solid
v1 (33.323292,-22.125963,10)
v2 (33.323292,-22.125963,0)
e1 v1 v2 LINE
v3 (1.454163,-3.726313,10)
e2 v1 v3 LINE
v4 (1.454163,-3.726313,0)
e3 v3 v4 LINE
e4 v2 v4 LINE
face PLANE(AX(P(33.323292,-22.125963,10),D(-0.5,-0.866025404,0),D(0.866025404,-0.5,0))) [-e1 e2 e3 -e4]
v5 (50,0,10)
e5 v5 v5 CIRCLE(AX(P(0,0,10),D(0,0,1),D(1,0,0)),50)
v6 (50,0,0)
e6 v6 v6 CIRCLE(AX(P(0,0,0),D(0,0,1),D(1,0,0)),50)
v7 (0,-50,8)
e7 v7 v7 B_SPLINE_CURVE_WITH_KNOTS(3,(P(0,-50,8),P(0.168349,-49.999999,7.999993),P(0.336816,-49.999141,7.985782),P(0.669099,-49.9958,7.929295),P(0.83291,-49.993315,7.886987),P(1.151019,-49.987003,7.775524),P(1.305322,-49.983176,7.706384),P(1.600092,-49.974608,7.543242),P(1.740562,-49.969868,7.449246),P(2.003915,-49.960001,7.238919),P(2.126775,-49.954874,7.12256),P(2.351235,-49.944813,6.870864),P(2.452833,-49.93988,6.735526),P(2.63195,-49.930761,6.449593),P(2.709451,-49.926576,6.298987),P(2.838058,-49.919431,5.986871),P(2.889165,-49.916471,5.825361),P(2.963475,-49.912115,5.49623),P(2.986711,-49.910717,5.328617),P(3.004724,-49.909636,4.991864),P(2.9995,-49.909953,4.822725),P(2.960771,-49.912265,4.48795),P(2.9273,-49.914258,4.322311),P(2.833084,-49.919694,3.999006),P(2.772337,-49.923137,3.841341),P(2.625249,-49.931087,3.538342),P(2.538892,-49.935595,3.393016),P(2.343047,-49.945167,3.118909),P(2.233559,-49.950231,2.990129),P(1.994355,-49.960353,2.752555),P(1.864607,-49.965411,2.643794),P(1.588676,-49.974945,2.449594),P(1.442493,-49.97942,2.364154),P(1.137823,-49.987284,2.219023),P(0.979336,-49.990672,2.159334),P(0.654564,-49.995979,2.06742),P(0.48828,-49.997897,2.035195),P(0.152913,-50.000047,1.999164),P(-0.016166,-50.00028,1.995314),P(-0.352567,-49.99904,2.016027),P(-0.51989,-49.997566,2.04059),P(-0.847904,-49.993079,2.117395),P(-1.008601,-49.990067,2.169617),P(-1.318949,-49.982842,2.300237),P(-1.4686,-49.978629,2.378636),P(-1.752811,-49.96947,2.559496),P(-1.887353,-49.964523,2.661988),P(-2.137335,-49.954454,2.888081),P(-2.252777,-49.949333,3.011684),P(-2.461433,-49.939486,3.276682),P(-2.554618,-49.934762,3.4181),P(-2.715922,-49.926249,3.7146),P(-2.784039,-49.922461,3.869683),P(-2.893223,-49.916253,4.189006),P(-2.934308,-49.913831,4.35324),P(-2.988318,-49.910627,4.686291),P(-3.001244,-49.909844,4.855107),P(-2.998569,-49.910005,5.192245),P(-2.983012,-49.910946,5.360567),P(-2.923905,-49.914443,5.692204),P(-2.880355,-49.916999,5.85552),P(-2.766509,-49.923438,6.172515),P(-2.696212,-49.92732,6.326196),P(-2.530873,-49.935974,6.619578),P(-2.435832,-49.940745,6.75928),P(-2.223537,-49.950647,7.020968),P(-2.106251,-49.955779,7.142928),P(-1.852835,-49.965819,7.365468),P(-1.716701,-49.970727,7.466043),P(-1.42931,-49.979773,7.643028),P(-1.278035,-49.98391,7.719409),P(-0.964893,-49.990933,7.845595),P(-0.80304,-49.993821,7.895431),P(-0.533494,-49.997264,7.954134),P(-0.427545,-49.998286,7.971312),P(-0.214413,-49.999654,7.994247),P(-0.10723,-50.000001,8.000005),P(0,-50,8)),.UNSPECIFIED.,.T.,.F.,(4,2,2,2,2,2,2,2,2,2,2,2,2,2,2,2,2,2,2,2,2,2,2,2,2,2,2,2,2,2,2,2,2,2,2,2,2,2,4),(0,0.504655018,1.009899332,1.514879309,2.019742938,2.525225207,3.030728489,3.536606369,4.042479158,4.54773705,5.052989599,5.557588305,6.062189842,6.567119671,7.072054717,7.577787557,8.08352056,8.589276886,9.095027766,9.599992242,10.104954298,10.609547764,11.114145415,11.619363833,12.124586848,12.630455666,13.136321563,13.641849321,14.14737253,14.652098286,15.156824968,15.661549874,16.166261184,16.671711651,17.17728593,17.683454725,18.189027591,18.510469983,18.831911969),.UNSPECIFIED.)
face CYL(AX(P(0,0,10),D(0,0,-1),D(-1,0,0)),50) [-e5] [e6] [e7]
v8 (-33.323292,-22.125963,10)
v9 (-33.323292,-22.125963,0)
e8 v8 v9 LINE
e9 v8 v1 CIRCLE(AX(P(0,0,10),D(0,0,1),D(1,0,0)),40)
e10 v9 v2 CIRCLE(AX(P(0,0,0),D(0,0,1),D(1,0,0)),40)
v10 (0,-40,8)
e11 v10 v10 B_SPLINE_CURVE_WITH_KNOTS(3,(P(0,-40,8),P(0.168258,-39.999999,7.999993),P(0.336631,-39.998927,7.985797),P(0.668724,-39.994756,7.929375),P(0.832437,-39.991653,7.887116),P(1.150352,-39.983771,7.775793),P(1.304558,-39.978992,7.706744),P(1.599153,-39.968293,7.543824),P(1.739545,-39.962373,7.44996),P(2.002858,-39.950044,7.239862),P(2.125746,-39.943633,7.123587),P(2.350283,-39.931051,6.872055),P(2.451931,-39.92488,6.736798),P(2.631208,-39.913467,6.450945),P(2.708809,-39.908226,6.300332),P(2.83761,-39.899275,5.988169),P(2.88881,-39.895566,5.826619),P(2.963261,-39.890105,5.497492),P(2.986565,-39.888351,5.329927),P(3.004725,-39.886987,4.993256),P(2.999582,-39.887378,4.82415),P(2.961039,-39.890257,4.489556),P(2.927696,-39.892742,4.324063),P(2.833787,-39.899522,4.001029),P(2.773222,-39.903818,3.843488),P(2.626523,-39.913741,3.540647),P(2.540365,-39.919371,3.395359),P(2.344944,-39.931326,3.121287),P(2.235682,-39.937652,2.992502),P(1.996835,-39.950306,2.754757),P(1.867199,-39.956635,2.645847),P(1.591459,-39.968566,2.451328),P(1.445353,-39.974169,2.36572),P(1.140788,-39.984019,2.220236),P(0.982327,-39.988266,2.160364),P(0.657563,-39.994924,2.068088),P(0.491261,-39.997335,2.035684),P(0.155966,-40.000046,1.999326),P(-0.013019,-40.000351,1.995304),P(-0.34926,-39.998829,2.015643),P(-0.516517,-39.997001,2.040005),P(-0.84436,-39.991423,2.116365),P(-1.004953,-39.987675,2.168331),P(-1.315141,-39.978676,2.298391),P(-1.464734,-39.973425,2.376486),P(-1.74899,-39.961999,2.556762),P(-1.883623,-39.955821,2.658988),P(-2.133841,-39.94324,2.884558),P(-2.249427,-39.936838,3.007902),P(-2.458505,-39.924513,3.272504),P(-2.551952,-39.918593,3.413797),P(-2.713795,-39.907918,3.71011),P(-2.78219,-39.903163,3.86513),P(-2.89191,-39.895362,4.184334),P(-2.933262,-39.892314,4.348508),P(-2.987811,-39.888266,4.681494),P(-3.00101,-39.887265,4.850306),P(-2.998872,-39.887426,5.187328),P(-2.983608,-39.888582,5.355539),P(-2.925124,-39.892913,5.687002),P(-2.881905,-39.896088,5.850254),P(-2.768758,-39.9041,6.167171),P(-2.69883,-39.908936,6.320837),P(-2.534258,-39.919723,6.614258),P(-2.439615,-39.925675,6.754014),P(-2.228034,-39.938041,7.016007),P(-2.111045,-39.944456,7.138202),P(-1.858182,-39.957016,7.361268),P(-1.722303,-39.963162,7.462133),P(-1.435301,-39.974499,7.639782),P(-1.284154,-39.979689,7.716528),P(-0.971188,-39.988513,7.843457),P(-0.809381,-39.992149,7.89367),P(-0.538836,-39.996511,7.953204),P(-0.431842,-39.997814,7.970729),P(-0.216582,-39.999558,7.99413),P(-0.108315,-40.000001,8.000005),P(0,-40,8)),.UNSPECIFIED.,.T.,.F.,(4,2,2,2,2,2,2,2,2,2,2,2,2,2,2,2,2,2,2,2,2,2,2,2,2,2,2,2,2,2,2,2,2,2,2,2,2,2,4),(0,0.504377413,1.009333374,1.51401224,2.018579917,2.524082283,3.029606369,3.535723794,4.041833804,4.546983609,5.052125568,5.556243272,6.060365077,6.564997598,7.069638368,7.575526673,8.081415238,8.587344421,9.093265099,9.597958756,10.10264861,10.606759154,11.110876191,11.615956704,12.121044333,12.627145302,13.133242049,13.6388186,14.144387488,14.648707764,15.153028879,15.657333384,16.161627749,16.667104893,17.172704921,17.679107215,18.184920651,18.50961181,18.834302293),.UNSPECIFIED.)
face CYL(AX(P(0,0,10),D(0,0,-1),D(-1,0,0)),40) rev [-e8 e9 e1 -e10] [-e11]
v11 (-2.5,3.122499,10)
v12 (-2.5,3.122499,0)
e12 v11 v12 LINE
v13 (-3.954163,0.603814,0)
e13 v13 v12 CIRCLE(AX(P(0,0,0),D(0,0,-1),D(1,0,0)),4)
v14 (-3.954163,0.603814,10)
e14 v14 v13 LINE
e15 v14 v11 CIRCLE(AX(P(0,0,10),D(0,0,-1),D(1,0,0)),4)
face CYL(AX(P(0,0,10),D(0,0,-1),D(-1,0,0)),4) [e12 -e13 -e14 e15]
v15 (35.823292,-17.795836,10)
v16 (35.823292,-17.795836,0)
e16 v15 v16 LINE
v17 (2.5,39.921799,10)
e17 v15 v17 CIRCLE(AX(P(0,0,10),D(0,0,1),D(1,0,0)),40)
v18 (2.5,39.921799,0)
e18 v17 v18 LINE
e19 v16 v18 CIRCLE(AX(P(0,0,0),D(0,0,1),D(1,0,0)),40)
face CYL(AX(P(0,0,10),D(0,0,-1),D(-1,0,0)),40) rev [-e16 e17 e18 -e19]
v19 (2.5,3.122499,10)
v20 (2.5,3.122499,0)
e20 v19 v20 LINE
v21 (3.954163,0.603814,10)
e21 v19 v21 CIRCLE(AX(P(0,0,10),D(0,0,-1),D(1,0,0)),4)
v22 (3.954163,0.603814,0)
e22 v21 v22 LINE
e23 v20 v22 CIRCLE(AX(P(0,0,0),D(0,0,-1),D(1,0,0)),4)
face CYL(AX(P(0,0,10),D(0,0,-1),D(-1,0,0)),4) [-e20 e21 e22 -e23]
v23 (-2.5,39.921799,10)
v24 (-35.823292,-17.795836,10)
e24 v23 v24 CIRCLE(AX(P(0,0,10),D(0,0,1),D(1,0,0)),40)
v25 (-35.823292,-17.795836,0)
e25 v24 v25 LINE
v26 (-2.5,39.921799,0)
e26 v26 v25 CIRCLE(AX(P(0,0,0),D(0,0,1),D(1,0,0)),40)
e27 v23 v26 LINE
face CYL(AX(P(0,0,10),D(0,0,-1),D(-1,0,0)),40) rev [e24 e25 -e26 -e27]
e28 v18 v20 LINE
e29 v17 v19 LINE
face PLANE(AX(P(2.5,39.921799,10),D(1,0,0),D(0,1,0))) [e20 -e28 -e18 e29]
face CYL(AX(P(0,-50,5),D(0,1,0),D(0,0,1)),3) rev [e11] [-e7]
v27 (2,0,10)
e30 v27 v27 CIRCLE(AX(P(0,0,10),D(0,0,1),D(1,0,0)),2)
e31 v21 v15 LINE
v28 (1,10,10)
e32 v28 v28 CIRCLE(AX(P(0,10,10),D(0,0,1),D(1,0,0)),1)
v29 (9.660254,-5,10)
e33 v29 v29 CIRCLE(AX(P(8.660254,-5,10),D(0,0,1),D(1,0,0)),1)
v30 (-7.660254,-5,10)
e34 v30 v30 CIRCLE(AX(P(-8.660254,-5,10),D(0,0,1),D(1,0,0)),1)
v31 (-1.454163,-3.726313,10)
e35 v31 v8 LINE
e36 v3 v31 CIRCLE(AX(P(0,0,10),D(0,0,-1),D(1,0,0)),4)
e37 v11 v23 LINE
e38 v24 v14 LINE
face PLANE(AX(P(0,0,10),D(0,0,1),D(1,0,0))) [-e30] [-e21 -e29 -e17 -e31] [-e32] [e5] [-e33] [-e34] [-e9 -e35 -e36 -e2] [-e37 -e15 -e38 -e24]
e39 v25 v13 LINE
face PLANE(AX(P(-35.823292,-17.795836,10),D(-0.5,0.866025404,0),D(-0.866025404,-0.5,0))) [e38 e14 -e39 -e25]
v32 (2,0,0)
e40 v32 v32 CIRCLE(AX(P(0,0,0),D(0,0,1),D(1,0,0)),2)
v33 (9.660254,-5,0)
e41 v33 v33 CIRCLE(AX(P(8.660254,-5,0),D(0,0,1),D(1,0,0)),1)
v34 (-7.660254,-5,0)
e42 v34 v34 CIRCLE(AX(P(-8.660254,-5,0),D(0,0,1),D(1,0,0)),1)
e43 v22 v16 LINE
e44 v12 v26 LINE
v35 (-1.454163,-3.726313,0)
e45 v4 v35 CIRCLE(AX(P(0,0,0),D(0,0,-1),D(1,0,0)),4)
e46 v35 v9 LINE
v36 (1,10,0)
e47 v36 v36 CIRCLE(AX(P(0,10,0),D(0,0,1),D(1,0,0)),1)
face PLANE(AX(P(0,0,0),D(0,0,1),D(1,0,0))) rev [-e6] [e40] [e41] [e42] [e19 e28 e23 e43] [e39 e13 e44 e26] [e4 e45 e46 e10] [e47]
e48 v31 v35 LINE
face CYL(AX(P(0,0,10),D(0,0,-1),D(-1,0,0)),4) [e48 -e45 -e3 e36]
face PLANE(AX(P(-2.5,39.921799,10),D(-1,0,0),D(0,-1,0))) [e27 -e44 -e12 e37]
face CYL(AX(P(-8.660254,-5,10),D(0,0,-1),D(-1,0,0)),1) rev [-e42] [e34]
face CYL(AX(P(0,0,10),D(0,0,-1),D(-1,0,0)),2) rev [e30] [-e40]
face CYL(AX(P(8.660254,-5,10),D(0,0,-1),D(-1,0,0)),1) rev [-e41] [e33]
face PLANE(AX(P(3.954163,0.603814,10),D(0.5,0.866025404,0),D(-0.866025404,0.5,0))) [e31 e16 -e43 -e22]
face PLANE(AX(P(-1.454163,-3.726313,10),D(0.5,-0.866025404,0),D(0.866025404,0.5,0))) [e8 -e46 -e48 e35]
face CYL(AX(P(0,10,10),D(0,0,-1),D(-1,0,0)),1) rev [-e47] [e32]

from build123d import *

# Parameters (mm, degrees)
SKETCH2_R           = 50
BOSS_EXTRUDE1_DEPTH = 10
SKETCH1_R           = 1
SKETCH1_R_2         = 2
CUT_EXTRUDE2_DEPTH  = 72.414284285
CUT_EXTRUDE3_START  = -10
SKETCH3_R           = 3
CUT_EXTRUDE3_DEPTH  = 62.414284285


with BuildPart() as part:
    # Sketch2 → Boss-Extrude1 (new body)
    with BuildSketch(Plane.XY):
        Circle(SKETCH2_R)
        with BuildLine():
            Line((2.5, 39.921798557), (2.5, 3.122498999))
            ThreePointArc((2.5, 3.122498999), (3.464101615, 2), (3.954163457, 0.60381401))
            Line((3.954163457, 0.60381401), (35.823291715, -17.795835769))
            ThreePointArc((35.823291715, -17.795835769), (34.641016151, 20), (2.5, 39.921798557))
        make_face(mode=Mode.SUBTRACT)
        with BuildLine():
            Line((-2.5, 39.921798557), (-2.5, 3.122498999))
            ThreePointArc((-2.5, 3.122498999), (-3.464101615, 2), (-3.954163457, 0.60381401))
            Line((-3.954163457, 0.60381401), (-35.823291715, -17.795835769))
            ThreePointArc((-35.823291715, -17.795835769), (-34.641016151, 20), (-2.5, 39.921798557))
        make_face(mode=Mode.SUBTRACT)
        with BuildLine():
            Line((33.323291715, -22.125962788), (1.454163457, -3.726313009))
            ThreePointArc((1.454163457, -3.726313009), (0, -4), (-1.454163457, -3.726313009))
            Line((-1.454163457, -3.726313009), (-33.323291715, -22.125962788))
            ThreePointArc((-33.323291715, -22.125962788), (0, -40), (33.323291715, -22.125962788))
        make_face(mode=Mode.SUBTRACT)
    extrude(amount=BOSS_EXTRUDE1_DEPTH)

    # Sketch1 → Cut-Extrude2 (cut, through all)
    with BuildSketch(Plane.XY):
        with Locations((0, 10)):
            Circle(SKETCH1_R)
        Circle(SKETCH1_R_2)
        with Locations((-8.660254038, -5)):
            Circle(SKETCH1_R)
        with Locations((8.660254038, -5)):
            Circle(SKETCH1_R)
    extrude(amount=CUT_EXTRUDE2_DEPTH, mode=Mode.SUBTRACT)

    # Sketch3 → Cut-Extrude3 (cut, through all)
    with BuildSketch(Plane(origin=(0, 0, 0), x_dir=(1, 0, 0), z_dir=(0, 1, 0)).offset(CUT_EXTRUDE3_START)):
        with Locations(Location((0, -5, 0), (0, 0, 270))):
            Circle(SKETCH3_R)
    extrude(amount=-CUT_EXTRUDE3_DEPTH, mode=Mode.SUBTRACT)


solid = part.part
